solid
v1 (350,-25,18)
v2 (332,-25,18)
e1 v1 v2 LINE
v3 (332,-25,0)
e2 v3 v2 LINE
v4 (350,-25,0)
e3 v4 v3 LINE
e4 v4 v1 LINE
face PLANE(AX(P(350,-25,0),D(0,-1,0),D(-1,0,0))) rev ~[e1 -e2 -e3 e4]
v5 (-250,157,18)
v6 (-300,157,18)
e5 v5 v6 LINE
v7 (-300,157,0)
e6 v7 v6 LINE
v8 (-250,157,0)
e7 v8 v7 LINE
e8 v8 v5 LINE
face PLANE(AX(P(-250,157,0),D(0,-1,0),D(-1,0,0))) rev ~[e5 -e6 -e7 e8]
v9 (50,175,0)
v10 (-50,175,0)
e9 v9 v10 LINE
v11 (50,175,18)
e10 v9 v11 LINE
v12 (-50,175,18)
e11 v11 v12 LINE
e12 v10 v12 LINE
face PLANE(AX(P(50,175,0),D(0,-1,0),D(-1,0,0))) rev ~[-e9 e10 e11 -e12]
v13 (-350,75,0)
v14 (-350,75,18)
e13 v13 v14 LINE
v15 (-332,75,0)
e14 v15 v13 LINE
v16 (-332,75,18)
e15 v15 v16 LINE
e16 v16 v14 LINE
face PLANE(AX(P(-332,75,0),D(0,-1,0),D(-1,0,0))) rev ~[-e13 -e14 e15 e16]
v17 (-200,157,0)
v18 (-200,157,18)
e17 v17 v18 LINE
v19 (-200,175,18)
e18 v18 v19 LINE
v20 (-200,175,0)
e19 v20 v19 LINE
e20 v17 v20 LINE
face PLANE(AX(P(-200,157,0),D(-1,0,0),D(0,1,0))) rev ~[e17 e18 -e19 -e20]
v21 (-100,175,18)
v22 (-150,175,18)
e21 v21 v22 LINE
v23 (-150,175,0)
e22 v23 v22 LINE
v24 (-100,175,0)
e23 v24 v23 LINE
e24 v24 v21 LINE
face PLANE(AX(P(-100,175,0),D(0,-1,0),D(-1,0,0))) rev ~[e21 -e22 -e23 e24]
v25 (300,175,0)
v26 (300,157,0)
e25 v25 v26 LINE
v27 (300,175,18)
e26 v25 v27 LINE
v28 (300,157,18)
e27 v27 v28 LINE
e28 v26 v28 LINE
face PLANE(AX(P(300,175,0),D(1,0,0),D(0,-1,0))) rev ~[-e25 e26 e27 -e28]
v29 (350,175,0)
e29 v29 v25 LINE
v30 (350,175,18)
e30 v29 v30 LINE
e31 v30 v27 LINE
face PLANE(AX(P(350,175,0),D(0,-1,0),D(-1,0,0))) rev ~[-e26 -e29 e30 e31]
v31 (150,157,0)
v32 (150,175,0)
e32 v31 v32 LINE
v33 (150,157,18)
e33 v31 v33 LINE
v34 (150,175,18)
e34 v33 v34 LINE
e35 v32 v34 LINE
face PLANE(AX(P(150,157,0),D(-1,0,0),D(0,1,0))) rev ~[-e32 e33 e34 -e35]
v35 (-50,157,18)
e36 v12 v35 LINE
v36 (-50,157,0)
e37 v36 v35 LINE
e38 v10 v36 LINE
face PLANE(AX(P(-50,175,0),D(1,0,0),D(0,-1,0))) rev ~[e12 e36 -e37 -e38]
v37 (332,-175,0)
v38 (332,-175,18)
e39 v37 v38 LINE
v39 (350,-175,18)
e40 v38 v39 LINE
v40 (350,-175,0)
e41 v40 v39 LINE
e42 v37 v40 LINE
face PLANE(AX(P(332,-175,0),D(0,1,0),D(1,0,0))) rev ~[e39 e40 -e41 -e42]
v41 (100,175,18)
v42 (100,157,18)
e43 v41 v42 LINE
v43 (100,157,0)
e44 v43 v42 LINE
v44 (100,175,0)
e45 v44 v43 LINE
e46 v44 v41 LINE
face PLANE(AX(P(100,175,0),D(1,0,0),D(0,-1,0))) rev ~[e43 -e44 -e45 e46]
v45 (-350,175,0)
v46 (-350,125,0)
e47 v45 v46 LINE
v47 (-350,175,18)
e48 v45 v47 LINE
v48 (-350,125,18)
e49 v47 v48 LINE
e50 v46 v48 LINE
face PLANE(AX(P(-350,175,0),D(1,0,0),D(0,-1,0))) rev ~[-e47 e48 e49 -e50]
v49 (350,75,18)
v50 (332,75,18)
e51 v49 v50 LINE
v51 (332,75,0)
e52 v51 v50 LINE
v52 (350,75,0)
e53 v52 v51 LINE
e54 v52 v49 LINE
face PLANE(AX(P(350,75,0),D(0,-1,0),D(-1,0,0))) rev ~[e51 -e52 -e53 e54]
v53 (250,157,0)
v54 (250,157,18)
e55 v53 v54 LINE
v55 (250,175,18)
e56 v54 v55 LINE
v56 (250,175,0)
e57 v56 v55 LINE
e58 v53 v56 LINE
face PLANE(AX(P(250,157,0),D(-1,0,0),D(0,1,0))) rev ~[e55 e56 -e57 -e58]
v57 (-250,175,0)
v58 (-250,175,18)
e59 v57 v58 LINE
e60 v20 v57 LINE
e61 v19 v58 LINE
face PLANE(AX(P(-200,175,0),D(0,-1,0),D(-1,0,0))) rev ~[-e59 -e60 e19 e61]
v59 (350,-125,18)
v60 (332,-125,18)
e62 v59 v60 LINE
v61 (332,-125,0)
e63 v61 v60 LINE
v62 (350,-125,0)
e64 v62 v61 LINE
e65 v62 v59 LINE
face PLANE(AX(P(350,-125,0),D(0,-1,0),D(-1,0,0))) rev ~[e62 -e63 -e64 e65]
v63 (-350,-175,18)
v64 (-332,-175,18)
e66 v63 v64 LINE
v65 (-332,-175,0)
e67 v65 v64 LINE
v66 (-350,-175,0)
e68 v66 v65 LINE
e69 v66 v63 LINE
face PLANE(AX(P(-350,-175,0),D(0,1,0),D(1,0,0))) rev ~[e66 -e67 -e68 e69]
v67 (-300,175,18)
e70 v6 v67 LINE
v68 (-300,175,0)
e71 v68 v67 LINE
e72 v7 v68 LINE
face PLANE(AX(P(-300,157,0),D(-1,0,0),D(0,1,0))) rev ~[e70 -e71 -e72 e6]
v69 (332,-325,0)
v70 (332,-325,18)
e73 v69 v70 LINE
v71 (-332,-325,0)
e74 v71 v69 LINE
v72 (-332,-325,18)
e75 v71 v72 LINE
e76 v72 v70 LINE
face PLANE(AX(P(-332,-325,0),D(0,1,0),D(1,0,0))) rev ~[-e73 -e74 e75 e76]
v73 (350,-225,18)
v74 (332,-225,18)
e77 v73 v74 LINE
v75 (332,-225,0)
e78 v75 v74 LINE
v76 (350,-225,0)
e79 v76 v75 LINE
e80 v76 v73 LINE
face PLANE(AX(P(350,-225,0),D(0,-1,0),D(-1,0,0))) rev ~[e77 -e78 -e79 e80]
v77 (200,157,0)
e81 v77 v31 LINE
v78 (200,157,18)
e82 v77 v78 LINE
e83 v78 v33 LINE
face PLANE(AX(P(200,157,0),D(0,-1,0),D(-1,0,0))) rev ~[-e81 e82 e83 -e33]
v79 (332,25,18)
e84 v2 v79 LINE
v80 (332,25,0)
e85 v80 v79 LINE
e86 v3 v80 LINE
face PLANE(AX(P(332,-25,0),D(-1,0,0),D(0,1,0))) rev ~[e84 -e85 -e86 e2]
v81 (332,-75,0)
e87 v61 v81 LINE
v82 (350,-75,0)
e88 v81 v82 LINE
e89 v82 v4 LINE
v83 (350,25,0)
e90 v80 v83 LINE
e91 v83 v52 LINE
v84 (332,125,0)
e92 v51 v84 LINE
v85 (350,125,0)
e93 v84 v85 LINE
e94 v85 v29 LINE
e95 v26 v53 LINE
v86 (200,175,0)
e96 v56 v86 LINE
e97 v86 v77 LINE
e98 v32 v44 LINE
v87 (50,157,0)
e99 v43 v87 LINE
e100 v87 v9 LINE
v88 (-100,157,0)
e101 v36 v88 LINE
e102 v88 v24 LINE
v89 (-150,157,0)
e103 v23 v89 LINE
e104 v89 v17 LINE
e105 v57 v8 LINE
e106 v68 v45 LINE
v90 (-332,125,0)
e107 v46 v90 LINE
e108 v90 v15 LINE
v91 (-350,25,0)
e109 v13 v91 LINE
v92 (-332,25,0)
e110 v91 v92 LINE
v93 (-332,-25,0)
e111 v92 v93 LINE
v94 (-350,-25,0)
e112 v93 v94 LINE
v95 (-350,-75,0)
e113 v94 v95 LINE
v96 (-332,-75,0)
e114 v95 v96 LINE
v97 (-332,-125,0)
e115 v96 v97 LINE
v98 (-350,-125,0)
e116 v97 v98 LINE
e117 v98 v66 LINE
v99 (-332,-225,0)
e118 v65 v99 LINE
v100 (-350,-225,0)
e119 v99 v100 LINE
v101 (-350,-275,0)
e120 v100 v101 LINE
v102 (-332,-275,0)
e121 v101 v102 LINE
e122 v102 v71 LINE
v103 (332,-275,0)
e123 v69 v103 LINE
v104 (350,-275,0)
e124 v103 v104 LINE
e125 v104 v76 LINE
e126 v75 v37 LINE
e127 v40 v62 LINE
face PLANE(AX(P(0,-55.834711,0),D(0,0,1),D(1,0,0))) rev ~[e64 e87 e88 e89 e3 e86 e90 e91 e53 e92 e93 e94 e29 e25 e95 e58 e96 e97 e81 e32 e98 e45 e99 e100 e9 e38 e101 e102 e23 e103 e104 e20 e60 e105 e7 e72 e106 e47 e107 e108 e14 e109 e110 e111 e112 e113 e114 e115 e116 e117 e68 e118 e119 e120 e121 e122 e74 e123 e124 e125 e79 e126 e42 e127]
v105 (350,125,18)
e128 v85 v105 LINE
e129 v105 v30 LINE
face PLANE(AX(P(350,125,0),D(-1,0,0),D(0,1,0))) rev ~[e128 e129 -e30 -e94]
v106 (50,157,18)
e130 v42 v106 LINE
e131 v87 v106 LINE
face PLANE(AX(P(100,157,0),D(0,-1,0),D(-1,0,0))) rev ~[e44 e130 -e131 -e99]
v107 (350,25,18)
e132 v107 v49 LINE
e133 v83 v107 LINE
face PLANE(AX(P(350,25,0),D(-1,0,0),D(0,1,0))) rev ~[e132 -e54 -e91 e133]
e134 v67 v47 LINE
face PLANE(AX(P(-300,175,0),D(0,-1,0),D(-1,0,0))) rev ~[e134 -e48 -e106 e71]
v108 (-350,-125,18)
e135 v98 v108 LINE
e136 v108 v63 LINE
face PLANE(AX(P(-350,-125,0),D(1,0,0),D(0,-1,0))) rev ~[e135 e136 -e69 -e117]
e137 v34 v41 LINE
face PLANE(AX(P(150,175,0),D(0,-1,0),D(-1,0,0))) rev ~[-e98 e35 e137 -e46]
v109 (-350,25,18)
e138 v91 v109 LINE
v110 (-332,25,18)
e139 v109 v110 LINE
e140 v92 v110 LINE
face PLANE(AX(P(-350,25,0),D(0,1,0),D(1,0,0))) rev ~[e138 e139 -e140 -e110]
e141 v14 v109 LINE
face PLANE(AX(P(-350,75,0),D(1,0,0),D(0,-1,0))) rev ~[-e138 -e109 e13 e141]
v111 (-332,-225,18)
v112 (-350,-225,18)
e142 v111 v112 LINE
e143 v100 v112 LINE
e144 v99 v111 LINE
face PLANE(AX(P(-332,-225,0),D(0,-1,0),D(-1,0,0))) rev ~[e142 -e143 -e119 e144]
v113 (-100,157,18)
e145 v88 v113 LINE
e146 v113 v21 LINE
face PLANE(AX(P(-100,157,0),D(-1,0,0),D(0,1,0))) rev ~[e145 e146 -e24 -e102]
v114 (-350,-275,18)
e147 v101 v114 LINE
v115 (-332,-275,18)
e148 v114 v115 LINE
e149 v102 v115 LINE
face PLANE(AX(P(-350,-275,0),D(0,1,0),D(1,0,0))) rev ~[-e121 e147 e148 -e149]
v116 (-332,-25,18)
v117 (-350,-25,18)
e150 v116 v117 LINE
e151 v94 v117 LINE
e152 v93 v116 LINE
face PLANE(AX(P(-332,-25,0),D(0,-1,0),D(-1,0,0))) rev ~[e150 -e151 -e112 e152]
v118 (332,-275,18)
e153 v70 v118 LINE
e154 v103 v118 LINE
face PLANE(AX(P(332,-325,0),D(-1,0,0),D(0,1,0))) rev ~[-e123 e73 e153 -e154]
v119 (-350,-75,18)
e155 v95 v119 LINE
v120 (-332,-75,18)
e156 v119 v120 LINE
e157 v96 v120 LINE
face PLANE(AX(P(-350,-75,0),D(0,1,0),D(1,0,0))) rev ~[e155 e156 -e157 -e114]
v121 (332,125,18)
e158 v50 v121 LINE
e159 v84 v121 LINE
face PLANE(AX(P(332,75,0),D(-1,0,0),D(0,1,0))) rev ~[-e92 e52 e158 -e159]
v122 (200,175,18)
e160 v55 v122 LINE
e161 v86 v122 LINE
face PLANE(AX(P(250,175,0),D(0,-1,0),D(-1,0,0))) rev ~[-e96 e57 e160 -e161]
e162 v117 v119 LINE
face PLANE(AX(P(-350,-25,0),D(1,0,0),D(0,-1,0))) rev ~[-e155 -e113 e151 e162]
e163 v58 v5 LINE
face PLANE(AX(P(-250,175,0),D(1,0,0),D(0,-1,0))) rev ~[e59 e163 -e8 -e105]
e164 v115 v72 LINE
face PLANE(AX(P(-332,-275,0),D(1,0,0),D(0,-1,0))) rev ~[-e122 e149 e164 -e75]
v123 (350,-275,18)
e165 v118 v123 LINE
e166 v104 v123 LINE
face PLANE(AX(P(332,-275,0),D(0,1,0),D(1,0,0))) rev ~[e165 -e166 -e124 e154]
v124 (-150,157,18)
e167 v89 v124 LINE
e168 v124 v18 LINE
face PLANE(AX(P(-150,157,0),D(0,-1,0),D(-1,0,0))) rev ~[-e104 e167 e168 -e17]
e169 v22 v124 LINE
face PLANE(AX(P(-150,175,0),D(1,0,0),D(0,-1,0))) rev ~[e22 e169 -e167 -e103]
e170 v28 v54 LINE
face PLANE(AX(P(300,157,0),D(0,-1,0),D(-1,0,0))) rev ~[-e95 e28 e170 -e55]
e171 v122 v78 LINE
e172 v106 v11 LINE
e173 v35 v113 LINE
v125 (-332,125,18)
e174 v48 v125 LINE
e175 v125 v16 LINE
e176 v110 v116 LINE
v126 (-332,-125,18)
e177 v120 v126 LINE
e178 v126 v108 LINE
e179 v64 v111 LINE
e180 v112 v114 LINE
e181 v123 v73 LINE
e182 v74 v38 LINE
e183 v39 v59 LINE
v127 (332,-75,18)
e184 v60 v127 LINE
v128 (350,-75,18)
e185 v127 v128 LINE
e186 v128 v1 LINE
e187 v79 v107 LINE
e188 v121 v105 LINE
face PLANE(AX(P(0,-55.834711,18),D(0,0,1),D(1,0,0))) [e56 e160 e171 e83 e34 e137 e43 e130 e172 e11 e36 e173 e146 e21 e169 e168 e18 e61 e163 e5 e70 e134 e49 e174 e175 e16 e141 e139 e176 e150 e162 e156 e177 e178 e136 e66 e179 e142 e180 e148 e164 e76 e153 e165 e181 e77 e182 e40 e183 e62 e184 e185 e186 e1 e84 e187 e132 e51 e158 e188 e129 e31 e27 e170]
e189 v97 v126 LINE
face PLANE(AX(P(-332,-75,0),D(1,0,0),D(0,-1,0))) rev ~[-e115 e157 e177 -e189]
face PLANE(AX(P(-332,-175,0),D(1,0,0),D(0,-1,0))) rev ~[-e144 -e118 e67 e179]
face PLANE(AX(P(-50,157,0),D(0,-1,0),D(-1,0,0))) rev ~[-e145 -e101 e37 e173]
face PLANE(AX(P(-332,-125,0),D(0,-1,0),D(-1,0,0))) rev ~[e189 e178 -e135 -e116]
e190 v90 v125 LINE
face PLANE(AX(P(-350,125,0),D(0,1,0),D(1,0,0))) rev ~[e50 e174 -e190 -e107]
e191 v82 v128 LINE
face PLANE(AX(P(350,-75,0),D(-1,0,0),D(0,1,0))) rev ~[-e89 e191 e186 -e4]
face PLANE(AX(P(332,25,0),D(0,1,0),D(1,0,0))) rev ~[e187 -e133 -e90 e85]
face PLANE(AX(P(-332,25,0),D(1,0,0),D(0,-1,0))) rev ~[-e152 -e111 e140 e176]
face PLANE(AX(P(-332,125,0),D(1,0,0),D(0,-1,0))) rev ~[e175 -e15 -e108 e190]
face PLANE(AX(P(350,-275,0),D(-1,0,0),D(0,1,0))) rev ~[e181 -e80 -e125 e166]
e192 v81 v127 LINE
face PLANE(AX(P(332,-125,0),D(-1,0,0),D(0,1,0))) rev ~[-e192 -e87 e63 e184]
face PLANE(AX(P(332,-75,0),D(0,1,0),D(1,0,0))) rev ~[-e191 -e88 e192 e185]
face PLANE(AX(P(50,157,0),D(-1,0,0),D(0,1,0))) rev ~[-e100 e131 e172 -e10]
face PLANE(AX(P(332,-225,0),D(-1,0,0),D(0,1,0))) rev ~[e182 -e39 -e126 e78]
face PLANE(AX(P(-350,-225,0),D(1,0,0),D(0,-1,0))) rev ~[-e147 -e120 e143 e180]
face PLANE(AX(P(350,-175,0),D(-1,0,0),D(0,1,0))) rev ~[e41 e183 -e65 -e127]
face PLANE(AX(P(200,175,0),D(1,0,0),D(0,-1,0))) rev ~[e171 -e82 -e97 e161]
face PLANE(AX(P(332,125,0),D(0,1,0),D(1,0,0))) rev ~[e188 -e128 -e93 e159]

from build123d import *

# Parameters (mm, degrees)
F1_DEPTH = 18


with BuildPart() as f1:
    # F0 (on Top) → F1 (new body)
    with BuildSketch(Plane.XY):
        Polygon((-350, -125), (-350, -175), (-332, -175), (-332, -225), (-350, -225), (-350, -275), (-332, -275), (-332, -325), (332, -325), (332, -275), (350, -275), (350, -225), (332, -225), (332, -175), (350, -175), (350, -125), (332, -125), (332, -75), (350, -75), (350, -25), (332, -25), (332, 25), (350, 25), (350, 75), (332, 75), (332, 125), (350, 125), (350, 157), (350, 175), (300, 175), (300, 157), (250, 157), (250, 175), (200, 175), (200, 157), (150, 157), (150, 175), (100, 175), (100, 157), (50, 157), (50, 175), (0, 175), (-50, 175), (-50, 157), (-100, 157), (-100, 175), (-150, 175), (-150, 157), (-200, 157), (-200, 175), (-250, 175), (-250, 157), (-300, 157), (-300, 175), (-350, 175), (-350, 157), (-350, 125), (-332, 125), (-332, 75), (-350, 75), (-350, 25), (-332, 25), (-332, -25), (-350, -25), (-350, -75), (-332, -75), (-332, -125), align=None)
    extrude(amount=F1_DEPTH)


solid = f1.part
